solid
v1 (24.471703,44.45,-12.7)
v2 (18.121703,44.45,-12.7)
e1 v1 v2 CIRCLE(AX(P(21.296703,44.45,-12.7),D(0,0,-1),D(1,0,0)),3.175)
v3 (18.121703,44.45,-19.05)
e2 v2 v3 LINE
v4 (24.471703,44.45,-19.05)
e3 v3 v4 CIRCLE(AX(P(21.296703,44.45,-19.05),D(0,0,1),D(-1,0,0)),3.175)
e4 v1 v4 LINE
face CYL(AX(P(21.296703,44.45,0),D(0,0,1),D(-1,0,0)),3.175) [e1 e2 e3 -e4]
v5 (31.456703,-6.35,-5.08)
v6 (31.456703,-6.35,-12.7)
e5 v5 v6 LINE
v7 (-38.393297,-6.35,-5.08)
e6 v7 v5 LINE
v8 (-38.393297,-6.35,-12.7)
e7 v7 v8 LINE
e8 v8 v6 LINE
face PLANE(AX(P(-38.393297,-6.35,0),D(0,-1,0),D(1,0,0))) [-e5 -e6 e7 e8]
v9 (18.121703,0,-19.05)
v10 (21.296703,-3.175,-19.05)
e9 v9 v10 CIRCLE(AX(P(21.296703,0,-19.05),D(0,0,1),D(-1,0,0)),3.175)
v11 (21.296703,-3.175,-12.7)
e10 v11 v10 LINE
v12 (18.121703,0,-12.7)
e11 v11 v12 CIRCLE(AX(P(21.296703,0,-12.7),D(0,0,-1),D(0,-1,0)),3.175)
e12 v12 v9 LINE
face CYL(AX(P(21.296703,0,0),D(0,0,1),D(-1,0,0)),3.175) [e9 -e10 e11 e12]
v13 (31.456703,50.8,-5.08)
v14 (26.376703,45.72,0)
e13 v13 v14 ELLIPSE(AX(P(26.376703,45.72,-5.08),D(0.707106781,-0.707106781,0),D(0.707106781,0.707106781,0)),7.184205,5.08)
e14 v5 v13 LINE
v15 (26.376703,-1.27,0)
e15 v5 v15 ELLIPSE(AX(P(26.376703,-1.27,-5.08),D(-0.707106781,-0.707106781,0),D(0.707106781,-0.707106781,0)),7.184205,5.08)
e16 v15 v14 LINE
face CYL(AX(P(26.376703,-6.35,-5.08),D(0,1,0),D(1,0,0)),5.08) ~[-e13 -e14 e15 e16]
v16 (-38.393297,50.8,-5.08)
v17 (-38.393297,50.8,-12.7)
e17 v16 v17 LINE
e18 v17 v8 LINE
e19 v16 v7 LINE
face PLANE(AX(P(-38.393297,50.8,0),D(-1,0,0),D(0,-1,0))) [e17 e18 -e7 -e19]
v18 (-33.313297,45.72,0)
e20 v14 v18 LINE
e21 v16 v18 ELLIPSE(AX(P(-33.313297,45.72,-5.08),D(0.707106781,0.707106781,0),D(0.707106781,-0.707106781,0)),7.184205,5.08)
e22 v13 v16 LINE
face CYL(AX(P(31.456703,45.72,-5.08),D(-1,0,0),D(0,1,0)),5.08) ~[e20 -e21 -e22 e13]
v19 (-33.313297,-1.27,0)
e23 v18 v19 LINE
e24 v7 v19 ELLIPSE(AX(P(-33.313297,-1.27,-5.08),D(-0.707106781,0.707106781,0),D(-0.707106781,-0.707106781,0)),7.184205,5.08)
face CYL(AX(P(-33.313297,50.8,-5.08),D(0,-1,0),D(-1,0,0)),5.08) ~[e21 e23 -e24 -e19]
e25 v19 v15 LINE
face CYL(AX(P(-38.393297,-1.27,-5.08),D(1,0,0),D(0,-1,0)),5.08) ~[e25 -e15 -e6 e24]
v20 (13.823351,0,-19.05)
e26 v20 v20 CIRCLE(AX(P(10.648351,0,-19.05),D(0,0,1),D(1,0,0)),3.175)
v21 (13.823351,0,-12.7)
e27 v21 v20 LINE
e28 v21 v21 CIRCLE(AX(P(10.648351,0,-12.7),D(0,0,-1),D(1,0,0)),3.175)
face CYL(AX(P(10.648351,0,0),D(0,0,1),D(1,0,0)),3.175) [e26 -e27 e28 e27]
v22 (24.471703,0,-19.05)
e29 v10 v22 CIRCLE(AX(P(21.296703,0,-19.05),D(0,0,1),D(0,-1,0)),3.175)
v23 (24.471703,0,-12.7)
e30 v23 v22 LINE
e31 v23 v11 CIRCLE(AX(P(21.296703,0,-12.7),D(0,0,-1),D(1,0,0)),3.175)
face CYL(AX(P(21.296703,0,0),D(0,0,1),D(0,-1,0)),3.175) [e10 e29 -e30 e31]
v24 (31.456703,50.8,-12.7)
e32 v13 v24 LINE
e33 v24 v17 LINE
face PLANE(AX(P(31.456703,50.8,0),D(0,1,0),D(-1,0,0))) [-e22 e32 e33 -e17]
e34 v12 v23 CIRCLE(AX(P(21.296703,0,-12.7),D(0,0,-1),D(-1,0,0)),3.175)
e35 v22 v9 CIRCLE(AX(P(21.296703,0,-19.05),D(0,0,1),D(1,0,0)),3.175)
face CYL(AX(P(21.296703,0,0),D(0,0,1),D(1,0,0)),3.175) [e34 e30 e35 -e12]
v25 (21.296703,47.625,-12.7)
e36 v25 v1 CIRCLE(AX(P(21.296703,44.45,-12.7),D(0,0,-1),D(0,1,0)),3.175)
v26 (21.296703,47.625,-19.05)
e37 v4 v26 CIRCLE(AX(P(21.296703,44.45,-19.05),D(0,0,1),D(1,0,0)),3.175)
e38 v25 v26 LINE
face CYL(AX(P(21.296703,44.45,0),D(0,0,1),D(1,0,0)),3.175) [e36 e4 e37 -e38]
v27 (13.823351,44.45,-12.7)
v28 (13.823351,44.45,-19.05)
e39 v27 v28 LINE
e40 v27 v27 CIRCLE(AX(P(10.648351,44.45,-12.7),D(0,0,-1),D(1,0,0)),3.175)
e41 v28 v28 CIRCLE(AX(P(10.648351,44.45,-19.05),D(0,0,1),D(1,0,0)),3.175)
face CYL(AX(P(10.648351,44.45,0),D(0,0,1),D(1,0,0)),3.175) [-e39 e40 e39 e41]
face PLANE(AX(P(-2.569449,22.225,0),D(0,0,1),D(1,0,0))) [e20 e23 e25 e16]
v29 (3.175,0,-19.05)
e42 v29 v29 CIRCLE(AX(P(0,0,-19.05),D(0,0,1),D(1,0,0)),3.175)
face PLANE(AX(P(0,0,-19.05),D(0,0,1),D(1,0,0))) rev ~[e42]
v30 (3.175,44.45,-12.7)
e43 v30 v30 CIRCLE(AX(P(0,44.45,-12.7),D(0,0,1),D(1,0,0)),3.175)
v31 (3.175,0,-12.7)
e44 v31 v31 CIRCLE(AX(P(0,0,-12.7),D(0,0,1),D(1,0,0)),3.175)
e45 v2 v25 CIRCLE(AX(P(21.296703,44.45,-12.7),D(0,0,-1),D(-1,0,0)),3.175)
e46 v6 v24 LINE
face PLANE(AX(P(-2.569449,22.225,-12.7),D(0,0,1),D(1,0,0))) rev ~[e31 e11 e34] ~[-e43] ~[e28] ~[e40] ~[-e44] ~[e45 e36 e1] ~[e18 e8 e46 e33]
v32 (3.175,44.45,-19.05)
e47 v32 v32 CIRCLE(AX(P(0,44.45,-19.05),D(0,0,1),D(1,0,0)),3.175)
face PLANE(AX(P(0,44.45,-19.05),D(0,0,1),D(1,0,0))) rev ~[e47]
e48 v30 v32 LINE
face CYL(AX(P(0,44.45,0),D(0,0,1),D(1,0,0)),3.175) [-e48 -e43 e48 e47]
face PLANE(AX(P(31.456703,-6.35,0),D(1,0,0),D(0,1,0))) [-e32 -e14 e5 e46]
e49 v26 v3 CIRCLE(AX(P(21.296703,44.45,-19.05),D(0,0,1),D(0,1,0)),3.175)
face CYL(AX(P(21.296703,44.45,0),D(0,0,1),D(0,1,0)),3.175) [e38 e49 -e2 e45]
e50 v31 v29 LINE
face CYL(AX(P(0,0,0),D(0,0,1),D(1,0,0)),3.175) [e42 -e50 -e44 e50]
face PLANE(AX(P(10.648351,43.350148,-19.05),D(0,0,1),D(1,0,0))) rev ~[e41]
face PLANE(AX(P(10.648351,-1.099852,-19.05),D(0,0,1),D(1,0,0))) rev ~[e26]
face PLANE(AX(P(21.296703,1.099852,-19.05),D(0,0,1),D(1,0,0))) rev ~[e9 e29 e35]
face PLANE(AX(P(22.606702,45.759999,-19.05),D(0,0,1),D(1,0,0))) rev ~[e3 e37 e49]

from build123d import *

# Parameters (mm, degrees)
F0_R     = 3.175
F1_DEPTH = 12.7
F2_DEPTH = 19.05
F3_R     = 5.08


with BuildPart() as f1:
    # F0 (on Top) → F1 (new body)
    with BuildSketch(Plane.XY):
        with BuildLine():
            Line((21.2967025781, 50.8), (-38.3932974219, 50.8))
            Line((-38.3932974219, 50.8), (-38.3932974219, -6.35))
            Line((-38.3932974219, -6.35), (21.2967025781, -6.35))
            Line((21.2967025781, -6.35), (21.2967025781, -3.175))
            ThreePointArc((21.2967025781, -3.175), (19.0516385478, -2.2450640303), (18.1217025781, 0))
            ThreePointArc((18.1217025781, 0), (21.2967025781, 3.175), (24.4717025781, 0))
            Line((24.4717025781, 0), (31.4567025781, 0))
            Line((31.4567025781, 0), (31.4567025781, 44.45))
            Line((31.4567025781, 44.45), (24.4717025781, 44.45))
            ThreePointArc((24.4717025781, 44.45), (21.2967025781, 41.275), (18.1217025781, 44.45))
            ThreePointArc((18.1217025781, 44.45), (19.0516385478, 46.6950640303), (21.2967025781, 47.625))
            Line((21.2967025781, 47.625), (21.2967025781, 50.8))
        make_face()
        Circle(F0_R, mode=Mode.SUBTRACT)
        with BuildLine():
            ThreePointArc((7.473351289, 0), (10.648351289, 3.175), (13.823351289, 0))
            ThreePointArc((13.823351289, 0), (10.648351289, -3.175), (7.473351289, 0))
        make_face(mode=Mode.SUBTRACT)
        with Locations((0, 44.45)):
            Circle(F0_R, mode=Mode.SUBTRACT)
        with BuildLine():
            ThreePointArc((7.473351289, 44.45), (10.648351289, 47.625), (13.823351289, 44.45))
            ThreePointArc((13.823351289, 44.45), (10.648351289, 41.275), (7.473351289, 44.45))
        make_face(mode=Mode.SUBTRACT)
        with BuildLine():
            Line((31.4567025781, 50.8), (21.2967025781, 50.8))
            Line((21.2967025781, 50.8), (21.2967025781, 47.625))
            ThreePointArc((21.2967025781, 47.625), (23.5417666083, 46.6950640303), (24.4717025781, 44.45))
            Line((24.4717025781, 44.45), (31.4567025781, 44.45))
            Line((31.4567025781, 44.45), (31.4567025781, 50.8))
        make_face()
        with BuildLine():
            Line((21.2967025781, -3.175), (21.2967025781, -6.35))
            Line((21.2967025781, -6.35), (31.4567025781, -6.35))
            Line((31.4567025781, -6.35), (31.4567025781, 0))
            Line((31.4567025781, 0), (24.4717025781, 0))
            ThreePointArc((24.4717025781, 0), (23.5417666083, -2.2450640303), (21.2967025781, -3.175))
        make_face()
    extrude(amount=-F1_DEPTH)

    # F0 (on Top) → F2 (join)
    with BuildSketch(Plane.XY):
        Circle(F0_R)
        with BuildLine():
            ThreePointArc((7.473351289, 0), (10.648351289, -3.175), (13.823351289, 0))
            Line((13.823351289, 0), (7.473351289, 0))
        make_face()
        with BuildLine():
            Line((7.473351289, 0), (13.823351289, 0))
            ThreePointArc((13.823351289, 0), (10.648351289, 3.175), (7.473351289, 0))
        make_face()
        with BuildLine():
            ThreePointArc((24.4717025781, 0), (21.2967025781, 3.175), (18.1217025781, 0))
            Line((18.1217025781, 0), (21.2967025781, 0))
            Line((21.2967025781, 0), (24.4717025781, 0))
        make_face()
        with BuildLine():
            ThreePointArc((18.1217025781, 0), (19.0516385478, -2.2450640303), (21.2967025781, -3.175))
            Line((21.2967025781, -3.175), (21.2967025781, 0))
            Line((21.2967025781, 0), (18.1217025781, 0))
        make_face()
        with BuildLine():
            Line((21.2967025781, 0), (21.2967025781, -3.175))
            ThreePointArc((21.2967025781, -3.175), (23.5417666083, -2.2450640303), (24.4717025781, 0))
            Line((24.4717025781, 0), (21.2967025781, 0))
        make_face()
        with Locations((0, 44.45)):
            Circle(F0_R)
        with BuildLine():
            ThreePointArc((7.473351289, 44.45), (10.648351289, 41.275), (13.823351289, 44.45))
            Line((13.823351289, 44.45), (7.473351289, 44.45))
        make_face()
        with BuildLine():
            Line((7.473351289, 44.45), (13.823351289, 44.45))
            ThreePointArc((13.823351289, 44.45), (10.648351289, 47.625), (7.473351289, 44.45))
        make_face()
        with BuildLine():
            ThreePointArc((24.4717025781, 44.45), (23.5417666083, 46.6950640303), (21.2967025781, 47.625))
            Line((21.2967025781, 47.625), (21.2967025781, 44.45))
            Line((21.2967025781, 44.45), (24.4717025781, 44.45))
        make_face()
        with BuildLine():
            Line((21.2967025781, 44.45), (21.2967025781, 47.625))
            ThreePointArc((21.2967025781, 47.625), (19.0516385478, 46.6950640303), (18.1217025781, 44.45))
            Line((18.1217025781, 44.45), (21.2967025781, 44.45))
        make_face()
        with BuildLine():
            ThreePointArc((18.1217025781, 44.45), (21.2967025781, 41.275), (24.4717025781, 44.45))
            Line((24.4717025781, 44.45), (21.2967025781, 44.45))
            Line((21.2967025781, 44.45), (18.1217025781, 44.45))
        make_face()
    extrude(amount=-F2_DEPTH)

    # F3
    f3_edges = [f1.edges().sort_by_distance(p)[0] for p in [
        (-38.393297, 22.225, 0),
        (-3.468297, -6.35, 0),
        (31.456703, 22.225, 0),
        (-3.468297, 50.8, 0),
    ]]
    fillet(f3_edges, radius=F3_R)


solid = f1.part
